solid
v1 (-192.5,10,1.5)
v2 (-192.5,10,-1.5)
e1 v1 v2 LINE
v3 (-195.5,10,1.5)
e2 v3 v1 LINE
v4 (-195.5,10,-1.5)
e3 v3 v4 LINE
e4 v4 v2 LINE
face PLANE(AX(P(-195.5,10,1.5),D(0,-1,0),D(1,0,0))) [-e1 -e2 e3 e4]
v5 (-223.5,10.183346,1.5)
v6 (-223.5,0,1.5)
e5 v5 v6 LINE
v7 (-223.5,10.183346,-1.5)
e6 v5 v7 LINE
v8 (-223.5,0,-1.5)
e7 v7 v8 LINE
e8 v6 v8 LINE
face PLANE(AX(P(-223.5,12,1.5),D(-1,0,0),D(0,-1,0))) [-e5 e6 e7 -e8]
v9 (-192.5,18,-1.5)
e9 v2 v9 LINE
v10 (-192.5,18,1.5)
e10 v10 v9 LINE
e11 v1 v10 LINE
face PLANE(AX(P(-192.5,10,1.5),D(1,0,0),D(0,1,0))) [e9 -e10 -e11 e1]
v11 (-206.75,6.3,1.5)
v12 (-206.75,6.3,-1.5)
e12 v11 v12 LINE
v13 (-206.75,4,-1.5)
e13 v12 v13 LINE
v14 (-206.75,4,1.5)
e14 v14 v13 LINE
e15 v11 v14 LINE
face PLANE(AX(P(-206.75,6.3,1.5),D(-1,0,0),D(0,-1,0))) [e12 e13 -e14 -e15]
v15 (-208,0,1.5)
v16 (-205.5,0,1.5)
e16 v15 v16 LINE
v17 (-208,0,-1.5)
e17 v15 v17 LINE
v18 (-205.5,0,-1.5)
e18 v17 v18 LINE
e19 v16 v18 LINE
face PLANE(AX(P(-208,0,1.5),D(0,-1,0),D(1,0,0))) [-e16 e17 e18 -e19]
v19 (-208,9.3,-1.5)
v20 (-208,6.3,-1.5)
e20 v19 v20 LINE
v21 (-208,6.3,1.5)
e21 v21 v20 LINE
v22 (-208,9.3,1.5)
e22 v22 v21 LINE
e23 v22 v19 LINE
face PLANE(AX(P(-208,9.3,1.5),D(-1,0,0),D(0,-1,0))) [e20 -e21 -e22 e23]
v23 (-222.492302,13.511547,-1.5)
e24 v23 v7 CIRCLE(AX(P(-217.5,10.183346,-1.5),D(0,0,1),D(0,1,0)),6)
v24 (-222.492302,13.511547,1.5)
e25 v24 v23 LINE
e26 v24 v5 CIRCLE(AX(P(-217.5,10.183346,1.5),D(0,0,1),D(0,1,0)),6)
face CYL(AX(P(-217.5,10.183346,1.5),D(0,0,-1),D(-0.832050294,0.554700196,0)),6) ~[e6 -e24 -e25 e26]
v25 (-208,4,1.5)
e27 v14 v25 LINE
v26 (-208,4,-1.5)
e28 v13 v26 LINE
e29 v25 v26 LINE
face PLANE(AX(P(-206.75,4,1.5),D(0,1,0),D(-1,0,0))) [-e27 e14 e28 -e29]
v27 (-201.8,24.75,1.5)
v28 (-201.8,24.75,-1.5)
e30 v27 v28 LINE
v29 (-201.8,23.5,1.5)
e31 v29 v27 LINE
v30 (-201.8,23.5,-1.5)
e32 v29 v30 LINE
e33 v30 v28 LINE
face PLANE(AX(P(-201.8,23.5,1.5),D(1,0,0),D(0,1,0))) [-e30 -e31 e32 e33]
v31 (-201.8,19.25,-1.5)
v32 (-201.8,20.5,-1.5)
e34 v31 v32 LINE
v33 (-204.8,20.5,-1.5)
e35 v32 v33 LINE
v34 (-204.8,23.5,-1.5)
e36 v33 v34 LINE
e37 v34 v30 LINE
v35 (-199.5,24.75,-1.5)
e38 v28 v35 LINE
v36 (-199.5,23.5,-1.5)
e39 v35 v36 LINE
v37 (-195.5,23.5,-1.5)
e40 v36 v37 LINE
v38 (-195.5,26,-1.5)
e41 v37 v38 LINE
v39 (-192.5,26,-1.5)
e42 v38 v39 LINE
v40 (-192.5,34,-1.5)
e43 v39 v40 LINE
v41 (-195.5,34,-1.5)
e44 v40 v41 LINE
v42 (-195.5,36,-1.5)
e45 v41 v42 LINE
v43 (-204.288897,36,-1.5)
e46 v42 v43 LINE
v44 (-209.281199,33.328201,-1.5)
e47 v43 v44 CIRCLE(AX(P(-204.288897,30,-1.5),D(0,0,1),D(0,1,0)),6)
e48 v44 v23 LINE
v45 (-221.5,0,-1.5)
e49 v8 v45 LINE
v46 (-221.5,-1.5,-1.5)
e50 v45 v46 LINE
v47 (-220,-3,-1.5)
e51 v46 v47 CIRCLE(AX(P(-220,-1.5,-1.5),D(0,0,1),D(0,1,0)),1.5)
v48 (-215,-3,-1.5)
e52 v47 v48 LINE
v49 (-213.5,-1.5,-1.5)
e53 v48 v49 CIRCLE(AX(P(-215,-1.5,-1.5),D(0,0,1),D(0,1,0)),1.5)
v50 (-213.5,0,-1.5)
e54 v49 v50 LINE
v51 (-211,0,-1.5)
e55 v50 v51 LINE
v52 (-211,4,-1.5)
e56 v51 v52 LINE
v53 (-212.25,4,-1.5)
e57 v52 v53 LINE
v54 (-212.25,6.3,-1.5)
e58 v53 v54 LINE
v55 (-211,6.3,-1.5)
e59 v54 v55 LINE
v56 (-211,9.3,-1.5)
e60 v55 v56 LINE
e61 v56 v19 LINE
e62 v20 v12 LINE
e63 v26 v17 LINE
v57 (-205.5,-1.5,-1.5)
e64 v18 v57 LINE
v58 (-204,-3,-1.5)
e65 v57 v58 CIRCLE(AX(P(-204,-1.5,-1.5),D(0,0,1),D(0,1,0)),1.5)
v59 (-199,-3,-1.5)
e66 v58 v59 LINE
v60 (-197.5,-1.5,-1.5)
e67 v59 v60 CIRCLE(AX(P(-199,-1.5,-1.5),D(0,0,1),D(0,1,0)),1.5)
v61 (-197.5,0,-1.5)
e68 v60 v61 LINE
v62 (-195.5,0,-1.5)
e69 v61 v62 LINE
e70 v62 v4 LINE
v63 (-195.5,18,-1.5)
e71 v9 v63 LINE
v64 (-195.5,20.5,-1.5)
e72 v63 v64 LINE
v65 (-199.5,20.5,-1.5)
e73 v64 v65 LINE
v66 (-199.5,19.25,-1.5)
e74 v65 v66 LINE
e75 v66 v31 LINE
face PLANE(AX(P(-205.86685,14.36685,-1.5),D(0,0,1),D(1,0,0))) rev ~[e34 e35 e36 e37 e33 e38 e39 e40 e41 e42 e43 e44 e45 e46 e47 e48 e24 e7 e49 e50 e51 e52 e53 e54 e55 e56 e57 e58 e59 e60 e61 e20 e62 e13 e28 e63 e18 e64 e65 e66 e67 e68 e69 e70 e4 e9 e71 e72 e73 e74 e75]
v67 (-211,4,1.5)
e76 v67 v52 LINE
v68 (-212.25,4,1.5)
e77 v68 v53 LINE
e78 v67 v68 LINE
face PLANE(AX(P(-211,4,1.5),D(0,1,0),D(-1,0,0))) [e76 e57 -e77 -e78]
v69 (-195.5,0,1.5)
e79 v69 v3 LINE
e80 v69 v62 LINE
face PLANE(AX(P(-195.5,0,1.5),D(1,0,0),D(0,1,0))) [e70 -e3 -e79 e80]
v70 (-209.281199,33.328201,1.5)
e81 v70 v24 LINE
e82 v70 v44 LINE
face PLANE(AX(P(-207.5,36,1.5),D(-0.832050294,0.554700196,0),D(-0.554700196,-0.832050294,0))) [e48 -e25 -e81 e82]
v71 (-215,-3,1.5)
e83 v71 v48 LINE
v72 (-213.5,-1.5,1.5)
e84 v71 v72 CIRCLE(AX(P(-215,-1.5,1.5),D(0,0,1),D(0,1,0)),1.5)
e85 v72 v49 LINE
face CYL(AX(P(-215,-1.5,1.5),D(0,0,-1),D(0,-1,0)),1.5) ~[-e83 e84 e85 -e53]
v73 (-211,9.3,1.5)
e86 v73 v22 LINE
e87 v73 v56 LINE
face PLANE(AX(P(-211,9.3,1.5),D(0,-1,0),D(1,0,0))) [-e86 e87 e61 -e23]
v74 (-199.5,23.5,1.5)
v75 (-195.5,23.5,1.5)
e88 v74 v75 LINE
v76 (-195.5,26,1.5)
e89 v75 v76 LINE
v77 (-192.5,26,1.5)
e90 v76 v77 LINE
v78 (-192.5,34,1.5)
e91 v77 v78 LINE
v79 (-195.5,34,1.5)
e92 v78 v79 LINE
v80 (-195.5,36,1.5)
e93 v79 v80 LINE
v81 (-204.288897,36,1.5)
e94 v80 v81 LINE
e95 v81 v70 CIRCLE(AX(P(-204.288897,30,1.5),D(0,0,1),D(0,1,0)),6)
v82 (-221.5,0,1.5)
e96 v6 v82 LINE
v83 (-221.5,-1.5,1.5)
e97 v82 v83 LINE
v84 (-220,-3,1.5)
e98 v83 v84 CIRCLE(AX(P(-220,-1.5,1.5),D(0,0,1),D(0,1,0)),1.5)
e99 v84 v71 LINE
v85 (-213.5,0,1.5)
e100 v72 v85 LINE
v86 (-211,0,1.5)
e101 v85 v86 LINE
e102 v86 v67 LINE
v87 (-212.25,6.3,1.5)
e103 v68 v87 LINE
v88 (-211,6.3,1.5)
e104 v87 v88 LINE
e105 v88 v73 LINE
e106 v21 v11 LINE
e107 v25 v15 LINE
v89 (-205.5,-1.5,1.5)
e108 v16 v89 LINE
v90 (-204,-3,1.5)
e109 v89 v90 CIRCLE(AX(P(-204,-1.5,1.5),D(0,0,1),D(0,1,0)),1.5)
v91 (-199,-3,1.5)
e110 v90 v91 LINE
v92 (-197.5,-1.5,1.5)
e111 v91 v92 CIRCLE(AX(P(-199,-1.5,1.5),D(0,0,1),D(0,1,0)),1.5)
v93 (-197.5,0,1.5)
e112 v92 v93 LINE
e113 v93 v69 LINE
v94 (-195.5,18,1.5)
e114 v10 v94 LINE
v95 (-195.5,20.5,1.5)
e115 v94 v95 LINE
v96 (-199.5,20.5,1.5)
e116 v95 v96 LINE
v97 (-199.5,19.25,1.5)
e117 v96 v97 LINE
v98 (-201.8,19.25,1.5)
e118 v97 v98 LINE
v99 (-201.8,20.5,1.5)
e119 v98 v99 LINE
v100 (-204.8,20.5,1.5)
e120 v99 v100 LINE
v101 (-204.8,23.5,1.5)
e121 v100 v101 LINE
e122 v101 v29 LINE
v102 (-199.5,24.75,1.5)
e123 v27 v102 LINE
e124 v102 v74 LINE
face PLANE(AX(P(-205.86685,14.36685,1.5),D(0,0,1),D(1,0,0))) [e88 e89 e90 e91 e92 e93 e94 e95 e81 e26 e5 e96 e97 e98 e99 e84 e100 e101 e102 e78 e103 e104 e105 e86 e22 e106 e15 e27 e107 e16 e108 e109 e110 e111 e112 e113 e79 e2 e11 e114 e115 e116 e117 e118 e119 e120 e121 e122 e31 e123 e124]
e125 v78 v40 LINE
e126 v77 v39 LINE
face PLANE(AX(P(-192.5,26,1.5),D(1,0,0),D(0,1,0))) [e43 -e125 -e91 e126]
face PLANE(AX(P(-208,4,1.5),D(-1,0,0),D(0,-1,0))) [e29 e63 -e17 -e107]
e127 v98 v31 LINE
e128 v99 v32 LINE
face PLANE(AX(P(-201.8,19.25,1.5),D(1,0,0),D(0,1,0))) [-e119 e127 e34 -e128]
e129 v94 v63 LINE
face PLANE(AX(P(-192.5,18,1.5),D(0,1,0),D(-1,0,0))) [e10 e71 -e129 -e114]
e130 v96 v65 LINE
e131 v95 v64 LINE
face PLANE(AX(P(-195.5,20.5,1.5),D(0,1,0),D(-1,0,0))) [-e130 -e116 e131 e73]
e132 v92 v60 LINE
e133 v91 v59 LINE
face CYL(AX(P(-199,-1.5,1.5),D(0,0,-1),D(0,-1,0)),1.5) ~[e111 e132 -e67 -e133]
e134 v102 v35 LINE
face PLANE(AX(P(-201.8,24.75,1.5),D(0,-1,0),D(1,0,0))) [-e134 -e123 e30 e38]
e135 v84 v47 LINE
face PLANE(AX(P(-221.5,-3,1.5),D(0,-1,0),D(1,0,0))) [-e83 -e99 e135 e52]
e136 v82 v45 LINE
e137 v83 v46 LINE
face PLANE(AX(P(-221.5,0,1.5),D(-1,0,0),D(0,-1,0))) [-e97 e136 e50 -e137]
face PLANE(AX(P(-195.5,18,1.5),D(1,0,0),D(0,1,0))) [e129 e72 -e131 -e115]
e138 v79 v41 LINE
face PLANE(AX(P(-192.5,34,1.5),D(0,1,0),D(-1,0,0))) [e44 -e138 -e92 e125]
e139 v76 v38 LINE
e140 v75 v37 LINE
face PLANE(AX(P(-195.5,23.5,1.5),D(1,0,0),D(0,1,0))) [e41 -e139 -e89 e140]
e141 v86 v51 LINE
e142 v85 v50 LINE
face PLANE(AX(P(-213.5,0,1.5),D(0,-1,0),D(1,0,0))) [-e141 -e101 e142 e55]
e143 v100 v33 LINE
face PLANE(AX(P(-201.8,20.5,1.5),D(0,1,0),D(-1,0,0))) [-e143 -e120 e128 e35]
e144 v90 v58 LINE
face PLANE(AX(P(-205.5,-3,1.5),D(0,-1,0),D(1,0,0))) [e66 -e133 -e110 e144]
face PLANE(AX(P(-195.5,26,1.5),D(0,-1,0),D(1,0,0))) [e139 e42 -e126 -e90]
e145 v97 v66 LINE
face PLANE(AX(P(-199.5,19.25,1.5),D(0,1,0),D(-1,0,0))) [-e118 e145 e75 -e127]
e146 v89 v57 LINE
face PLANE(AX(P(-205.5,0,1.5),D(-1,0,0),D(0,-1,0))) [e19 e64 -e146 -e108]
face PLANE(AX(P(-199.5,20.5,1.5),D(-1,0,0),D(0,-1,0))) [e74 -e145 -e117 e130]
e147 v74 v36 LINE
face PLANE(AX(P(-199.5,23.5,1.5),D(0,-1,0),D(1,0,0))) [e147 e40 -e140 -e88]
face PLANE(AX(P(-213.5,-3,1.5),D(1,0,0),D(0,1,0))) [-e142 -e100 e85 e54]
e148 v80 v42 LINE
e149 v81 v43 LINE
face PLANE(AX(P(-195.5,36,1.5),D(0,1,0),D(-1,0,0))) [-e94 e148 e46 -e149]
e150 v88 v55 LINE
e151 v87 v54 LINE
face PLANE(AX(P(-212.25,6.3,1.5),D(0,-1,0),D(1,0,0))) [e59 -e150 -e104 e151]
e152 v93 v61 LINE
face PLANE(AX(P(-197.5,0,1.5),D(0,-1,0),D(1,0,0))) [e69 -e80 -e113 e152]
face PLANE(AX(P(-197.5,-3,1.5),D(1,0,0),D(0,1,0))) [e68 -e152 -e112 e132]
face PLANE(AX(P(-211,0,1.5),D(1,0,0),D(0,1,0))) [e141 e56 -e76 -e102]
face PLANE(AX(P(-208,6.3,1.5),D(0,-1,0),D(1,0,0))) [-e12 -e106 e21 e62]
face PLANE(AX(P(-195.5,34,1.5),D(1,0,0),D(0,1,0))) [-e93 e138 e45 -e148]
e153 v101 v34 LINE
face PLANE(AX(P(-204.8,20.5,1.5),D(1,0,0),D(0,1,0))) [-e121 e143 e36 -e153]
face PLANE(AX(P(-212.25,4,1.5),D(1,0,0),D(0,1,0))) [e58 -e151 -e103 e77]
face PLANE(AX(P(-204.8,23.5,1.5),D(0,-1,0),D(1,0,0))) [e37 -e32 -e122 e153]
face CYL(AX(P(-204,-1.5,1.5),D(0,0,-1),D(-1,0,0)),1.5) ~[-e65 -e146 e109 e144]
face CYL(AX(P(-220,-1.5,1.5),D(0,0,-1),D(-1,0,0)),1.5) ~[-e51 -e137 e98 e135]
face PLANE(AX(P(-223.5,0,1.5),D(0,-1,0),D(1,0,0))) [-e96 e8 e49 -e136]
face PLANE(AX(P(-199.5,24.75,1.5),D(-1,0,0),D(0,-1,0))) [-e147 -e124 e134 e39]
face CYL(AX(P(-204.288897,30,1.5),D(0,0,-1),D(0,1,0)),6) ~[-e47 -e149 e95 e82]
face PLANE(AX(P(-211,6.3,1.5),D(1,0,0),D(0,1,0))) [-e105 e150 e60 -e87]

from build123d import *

# Parameters (mm, degrees)
PAD006_DEPTH = 3
FILLET010_R  = 6
FILLET_R     = 1.5


with BuildPart() as part:
    # Sketch005 → Pad006 (new body)
    with BuildSketch(Plane(origin=(-195.5, 0, 1.5), x_dir=(-1, 0, 0), z_dir=(0, 0, -1))):
        Polygon((0, 36), (12, 36), (28, 12), (28, 0), (26, 0), (26, -3), (18, -3), (18, 0), (15.5, 0), (15.5, 4), (16.75, 4), (16.75, 6.3), (15.5, 6.3), (15.5, 9.3), (12.5, 9.3), (12.5, 6.3), (11.25, 6.3), (11.25, 4), (12.5, 4), (12.5, 0), (10, 0), (10, -3), (2, -3), (2, 0), (0, 0), (0, 10), (-3, 10), (-3, 18), (0, 18), (0, 20.5), (4, 20.5), (4, 19.25), (6.3, 19.25), (6.3, 20.5), (9.3, 20.5), (9.3, 23.5), (6.3, 23.5), (6.3, 24.75), (4, 24.75), (4, 23.5), (0, 23.5), (0, 26), (-3, 26), (-3, 34), (0, 34), align=None)
    extrude(amount=PAD006_DEPTH)

    # Fillet010
    fillet010_edges = [part.edges().sort_by_distance(p)[0] for p in [
        (-207.5, 36, 0),
        (-223.5, 12, 0),
    ]]
    fillet(fillet010_edges, radius=FILLET010_R)

    # Fillet
    fillet_edges = [part.edges().sort_by_distance(p)[0] for p in [
        (-221.5, -3, 0),
        (-213.5, -3, 0),
        (-205.5, -3, 0),
        (-197.5, -3, 0),
    ]]
    fillet(fillet_edges, radius=FILLET_R)


solid = part.part
